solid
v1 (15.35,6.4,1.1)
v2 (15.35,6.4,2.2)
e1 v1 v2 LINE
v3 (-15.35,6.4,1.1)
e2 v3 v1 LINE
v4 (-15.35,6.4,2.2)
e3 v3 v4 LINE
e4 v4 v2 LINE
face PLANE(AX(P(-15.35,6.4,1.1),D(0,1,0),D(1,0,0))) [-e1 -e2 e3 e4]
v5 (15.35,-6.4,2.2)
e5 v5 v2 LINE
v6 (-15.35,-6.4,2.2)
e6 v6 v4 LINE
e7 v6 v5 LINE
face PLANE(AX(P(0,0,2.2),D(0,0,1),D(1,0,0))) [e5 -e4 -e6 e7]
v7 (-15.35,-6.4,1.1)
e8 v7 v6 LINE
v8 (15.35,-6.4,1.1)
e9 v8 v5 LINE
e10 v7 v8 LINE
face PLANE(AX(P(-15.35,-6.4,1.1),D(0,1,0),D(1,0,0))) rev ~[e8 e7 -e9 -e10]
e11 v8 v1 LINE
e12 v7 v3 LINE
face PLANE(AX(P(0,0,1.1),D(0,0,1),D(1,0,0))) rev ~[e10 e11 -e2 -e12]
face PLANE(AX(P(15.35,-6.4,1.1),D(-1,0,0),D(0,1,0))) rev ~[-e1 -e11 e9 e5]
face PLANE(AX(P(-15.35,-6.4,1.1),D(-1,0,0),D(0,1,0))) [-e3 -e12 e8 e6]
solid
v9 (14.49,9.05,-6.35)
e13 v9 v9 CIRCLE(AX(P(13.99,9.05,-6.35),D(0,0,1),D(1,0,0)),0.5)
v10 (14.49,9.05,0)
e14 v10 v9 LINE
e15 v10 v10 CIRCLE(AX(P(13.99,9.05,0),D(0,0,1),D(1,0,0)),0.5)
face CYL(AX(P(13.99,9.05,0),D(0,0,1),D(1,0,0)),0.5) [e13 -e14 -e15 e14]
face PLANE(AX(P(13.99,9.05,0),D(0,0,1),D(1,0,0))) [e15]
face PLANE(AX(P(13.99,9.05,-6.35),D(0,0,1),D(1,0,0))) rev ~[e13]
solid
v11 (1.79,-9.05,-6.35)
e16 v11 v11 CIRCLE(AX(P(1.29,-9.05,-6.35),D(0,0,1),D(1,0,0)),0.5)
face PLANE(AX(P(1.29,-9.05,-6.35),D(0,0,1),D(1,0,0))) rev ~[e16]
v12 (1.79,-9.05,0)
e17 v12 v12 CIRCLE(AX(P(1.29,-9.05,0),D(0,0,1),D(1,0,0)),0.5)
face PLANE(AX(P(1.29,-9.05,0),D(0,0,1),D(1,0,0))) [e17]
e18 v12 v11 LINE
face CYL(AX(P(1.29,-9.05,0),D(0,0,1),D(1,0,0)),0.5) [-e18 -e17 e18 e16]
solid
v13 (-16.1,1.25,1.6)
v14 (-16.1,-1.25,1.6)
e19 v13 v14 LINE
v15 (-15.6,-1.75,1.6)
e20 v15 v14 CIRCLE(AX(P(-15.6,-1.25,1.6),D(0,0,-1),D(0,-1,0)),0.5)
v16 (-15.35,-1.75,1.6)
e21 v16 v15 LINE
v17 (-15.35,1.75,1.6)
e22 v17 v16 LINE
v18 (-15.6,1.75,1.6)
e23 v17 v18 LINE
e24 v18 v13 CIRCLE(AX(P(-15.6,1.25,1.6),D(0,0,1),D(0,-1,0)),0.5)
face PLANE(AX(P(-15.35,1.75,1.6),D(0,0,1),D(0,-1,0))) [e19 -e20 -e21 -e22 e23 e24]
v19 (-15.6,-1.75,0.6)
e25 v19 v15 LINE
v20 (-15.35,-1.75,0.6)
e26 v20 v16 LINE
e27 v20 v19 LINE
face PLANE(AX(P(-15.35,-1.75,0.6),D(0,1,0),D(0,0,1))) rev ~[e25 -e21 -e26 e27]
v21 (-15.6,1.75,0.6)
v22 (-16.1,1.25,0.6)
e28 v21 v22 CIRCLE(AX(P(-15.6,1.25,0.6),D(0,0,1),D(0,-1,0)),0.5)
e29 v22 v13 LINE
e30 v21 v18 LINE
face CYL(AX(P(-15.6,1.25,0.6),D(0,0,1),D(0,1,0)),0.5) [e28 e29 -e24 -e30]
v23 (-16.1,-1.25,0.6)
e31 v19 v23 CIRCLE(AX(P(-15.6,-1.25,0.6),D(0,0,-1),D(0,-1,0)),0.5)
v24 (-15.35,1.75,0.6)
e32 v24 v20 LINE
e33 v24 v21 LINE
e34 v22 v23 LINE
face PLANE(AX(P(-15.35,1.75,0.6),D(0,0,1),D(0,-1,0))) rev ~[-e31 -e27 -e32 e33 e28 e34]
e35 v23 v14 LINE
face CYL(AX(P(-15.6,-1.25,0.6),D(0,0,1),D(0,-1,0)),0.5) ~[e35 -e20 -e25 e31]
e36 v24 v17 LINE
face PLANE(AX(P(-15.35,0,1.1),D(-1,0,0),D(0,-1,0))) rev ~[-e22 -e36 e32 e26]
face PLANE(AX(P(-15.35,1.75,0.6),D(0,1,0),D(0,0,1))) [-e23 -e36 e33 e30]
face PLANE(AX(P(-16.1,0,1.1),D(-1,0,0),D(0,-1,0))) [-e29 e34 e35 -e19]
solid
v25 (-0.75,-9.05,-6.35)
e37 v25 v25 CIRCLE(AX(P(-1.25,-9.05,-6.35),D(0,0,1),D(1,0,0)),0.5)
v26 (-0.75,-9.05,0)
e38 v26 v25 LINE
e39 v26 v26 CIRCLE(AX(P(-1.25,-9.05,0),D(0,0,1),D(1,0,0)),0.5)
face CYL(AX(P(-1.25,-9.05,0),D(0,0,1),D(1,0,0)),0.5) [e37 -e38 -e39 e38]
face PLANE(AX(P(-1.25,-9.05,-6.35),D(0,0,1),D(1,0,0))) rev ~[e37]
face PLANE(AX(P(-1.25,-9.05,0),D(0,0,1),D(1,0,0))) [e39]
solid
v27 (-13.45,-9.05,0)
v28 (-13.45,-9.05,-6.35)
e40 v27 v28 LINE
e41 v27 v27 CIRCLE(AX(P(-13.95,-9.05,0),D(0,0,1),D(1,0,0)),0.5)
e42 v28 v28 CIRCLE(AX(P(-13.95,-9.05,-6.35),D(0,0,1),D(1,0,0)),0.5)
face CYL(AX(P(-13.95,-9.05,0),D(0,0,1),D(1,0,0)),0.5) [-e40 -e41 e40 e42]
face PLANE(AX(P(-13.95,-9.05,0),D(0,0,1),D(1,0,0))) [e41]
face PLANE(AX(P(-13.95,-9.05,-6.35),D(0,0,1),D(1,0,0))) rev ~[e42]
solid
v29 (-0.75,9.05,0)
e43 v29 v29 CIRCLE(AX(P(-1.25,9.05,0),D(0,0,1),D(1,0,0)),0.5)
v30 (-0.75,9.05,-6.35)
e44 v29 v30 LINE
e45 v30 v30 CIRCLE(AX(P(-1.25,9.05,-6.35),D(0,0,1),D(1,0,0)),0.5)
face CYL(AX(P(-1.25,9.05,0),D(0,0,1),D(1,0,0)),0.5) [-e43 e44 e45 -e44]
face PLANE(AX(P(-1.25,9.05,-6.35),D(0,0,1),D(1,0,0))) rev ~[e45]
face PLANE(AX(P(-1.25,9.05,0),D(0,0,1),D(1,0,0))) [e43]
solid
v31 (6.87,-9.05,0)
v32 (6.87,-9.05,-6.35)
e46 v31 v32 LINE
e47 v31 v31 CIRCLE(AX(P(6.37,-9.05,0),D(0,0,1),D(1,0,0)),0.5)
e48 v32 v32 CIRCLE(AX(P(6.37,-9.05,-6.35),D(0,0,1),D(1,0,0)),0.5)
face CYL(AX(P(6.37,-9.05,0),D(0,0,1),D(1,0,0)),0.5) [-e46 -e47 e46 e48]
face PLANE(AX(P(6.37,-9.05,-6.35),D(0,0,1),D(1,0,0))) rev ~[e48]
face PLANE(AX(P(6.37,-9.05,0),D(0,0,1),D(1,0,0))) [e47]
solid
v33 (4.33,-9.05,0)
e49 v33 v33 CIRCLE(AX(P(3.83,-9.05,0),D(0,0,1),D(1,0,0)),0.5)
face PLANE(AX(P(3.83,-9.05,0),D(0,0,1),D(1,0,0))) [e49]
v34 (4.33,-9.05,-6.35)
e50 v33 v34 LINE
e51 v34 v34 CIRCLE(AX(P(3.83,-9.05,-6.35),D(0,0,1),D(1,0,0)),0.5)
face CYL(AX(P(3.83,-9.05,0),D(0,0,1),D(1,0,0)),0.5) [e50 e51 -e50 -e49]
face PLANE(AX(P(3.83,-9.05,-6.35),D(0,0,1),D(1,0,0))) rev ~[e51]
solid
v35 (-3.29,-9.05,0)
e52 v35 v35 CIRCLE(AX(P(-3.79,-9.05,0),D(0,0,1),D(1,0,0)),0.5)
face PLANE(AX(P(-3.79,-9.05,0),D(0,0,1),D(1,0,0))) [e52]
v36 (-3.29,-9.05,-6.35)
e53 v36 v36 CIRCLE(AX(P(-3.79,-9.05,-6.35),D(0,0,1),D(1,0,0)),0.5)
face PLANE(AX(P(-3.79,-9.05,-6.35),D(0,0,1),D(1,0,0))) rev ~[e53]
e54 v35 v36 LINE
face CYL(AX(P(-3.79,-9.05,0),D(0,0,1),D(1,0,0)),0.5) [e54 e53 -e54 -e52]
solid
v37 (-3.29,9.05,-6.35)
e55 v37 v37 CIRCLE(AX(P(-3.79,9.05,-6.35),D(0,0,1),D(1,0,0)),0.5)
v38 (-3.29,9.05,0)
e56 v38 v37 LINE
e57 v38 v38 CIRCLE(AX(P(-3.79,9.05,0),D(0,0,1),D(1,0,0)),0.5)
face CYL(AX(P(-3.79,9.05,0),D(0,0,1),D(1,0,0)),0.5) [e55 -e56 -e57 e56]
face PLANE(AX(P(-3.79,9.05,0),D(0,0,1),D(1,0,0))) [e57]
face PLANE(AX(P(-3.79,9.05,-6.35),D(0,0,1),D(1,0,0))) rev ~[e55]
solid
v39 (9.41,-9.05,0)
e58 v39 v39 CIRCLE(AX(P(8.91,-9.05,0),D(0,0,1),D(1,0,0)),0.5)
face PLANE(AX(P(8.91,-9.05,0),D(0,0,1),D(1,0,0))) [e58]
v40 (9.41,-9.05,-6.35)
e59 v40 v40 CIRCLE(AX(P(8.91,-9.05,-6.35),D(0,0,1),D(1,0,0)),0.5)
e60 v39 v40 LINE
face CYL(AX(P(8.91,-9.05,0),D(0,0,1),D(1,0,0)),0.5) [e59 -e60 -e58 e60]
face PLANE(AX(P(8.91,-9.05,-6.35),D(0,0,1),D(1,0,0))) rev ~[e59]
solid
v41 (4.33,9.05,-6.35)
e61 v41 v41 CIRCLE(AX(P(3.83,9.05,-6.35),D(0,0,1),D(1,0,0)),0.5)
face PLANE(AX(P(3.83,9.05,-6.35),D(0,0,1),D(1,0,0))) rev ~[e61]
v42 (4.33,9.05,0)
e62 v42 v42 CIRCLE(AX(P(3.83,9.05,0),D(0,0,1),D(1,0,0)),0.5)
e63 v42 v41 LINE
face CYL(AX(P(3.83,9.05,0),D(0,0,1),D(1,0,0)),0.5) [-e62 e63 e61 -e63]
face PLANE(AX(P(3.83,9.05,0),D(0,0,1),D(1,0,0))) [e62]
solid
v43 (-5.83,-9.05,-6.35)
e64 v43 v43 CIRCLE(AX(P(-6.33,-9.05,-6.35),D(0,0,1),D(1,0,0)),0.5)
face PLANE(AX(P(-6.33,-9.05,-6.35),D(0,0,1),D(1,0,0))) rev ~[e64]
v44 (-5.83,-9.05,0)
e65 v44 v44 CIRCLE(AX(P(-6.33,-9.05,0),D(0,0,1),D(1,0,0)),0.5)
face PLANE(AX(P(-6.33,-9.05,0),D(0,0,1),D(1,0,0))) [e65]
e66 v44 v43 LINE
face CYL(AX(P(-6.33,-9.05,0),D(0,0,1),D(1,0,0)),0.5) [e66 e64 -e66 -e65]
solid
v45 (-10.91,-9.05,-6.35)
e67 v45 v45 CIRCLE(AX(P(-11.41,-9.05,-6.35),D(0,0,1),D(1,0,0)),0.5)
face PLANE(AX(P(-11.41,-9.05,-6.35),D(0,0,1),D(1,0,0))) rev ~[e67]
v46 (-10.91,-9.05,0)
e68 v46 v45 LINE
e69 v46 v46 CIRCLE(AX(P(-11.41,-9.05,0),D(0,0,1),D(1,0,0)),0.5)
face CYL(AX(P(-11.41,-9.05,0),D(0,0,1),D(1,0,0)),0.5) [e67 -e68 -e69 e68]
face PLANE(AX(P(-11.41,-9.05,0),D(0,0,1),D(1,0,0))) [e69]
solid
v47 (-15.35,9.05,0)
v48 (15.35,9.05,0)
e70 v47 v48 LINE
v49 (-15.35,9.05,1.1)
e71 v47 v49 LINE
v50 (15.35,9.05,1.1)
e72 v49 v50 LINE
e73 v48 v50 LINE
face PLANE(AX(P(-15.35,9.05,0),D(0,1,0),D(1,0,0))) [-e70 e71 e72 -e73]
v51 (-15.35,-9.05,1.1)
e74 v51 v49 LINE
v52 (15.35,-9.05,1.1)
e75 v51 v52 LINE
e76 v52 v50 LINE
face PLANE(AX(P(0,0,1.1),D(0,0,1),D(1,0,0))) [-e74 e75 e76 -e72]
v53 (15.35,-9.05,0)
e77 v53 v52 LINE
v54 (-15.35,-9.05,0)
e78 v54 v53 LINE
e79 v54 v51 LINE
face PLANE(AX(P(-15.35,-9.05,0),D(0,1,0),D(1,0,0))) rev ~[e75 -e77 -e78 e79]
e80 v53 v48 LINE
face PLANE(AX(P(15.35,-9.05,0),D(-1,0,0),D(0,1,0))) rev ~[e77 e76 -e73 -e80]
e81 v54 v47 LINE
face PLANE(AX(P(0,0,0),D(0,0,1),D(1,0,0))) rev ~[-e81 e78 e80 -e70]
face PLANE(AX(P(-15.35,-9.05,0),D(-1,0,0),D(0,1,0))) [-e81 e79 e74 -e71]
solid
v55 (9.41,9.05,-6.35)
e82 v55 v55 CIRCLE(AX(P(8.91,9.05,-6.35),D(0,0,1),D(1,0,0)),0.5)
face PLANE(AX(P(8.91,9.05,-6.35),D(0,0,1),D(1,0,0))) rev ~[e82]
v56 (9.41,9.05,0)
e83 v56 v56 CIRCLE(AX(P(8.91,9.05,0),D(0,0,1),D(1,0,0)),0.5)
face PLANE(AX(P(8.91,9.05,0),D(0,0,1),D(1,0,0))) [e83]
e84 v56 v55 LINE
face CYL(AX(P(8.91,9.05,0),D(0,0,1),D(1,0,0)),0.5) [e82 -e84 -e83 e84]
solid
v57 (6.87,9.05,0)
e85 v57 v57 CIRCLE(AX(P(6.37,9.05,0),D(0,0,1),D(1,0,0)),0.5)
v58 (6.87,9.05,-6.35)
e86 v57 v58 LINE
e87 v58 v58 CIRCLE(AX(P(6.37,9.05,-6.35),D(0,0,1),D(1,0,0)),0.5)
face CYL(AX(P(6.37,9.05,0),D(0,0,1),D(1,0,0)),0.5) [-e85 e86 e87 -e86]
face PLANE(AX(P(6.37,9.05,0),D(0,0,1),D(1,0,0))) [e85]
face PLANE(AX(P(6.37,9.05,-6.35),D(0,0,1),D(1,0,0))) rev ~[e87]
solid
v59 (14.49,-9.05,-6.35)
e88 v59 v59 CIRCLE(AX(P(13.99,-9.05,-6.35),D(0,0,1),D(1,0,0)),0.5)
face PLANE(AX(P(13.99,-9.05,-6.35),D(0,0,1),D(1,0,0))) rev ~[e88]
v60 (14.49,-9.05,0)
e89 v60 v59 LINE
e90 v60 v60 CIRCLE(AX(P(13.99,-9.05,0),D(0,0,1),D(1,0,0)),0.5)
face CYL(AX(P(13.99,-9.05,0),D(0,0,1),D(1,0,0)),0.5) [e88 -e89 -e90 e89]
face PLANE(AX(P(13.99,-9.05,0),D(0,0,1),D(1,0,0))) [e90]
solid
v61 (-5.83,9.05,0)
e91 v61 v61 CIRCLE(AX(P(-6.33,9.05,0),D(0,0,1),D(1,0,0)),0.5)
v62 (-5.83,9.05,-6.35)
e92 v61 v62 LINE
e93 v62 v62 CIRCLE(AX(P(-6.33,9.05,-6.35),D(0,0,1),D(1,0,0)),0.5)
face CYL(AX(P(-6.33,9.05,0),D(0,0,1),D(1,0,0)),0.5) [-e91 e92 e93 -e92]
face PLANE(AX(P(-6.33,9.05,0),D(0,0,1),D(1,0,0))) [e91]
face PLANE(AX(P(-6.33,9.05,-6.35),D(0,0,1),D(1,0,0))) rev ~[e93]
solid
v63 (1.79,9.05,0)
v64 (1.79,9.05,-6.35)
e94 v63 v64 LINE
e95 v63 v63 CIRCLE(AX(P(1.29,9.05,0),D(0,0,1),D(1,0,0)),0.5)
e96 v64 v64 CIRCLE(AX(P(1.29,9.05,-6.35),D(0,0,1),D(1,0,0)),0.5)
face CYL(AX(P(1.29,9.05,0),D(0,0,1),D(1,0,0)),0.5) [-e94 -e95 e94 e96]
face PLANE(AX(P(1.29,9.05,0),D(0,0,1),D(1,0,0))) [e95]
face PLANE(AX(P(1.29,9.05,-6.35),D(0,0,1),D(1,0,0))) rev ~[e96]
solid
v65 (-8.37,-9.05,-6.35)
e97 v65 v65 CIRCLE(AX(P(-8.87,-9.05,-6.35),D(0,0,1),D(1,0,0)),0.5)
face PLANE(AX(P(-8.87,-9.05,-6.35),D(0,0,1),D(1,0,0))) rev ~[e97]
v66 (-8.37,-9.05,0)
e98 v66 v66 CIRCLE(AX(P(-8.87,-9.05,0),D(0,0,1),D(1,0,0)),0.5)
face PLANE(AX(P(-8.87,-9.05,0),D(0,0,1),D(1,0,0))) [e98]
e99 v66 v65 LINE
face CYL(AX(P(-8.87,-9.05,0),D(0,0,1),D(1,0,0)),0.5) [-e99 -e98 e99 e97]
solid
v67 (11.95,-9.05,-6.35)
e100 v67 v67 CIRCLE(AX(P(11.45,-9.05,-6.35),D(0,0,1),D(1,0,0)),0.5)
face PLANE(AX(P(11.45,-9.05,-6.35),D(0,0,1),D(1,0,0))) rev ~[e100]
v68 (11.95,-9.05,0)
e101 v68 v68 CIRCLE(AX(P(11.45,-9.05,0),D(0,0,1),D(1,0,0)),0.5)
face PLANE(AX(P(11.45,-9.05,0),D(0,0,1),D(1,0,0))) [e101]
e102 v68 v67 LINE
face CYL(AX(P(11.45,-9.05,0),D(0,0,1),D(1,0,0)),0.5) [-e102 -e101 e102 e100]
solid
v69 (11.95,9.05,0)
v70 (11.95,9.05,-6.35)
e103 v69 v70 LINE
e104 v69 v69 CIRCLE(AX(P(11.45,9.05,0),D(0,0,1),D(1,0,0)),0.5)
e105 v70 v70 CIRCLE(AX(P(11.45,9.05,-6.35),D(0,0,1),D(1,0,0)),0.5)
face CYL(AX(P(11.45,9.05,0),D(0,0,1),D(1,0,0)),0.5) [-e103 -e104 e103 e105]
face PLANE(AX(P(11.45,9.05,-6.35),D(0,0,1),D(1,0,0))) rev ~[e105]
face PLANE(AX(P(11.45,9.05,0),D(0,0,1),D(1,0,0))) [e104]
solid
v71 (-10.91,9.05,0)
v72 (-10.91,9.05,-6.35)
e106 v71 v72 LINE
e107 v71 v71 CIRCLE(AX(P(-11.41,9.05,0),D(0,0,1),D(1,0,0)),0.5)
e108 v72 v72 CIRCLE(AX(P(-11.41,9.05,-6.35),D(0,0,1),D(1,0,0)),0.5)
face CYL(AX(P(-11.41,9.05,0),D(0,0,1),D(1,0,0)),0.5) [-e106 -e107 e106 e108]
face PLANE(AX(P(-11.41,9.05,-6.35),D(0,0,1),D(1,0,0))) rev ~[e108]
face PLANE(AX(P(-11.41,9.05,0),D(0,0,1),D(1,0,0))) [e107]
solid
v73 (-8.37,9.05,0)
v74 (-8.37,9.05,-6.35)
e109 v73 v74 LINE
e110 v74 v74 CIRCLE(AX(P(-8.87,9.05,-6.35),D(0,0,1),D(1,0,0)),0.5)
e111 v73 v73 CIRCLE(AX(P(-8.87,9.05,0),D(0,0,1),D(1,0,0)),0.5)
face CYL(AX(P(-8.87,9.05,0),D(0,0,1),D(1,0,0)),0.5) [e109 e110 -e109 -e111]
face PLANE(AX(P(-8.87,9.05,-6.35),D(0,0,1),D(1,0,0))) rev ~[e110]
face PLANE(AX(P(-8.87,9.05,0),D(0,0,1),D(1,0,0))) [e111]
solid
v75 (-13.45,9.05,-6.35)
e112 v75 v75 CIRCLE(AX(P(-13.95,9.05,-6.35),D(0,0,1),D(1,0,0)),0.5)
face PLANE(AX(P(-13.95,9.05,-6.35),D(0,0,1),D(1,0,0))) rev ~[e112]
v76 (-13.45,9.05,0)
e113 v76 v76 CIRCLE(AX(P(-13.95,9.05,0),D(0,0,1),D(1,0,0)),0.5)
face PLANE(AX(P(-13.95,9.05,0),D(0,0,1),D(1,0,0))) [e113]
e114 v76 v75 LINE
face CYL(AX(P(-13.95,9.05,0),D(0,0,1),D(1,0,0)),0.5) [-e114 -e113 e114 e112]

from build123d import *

# Parameters (mm, degrees)
SKETCH_W         = 30.7
SKETCH_H         = 18.1
EXTRUDE_DEPTH    = 1.1
SKETCH001_W      = 30.7
SKETCH001_H      = 12.8
EXTRUDE002_DEPTH = 1.1
SKETCH002_W      = 3.5
SKETCH002_H      = 1
EXTRUDE004_DEPTH = 0.75
FILLET_R         = 0.5
SKETCH003_R      = 0.5
EXTRUDE005_DEPTH = 6.35


with BuildPart() as extrude_body:
    # Sketch → Extrude (new body)
    with BuildSketch(Plane.XY):
        Rectangle(SKETCH_W, SKETCH_H)
    extrude(amount=EXTRUDE_DEPTH)


with BuildPart() as extrude002:
    # Sketch001 (on Face6 of Extrude) → Extrude002 (new body)
    with BuildSketch(Plane.XY.offset(1.1)):
        Rectangle(SKETCH001_W, SKETCH001_H)
    extrude(amount=EXTRUDE002_DEPTH)


with BuildPart() as fillet_body:
    # Sketch002 (on Face4 of Extrude) → Extrude004 (new body)
    with BuildSketch(Plane(origin=(-15.35, 0, 0), x_dir=(0, -1, 0), z_dir=(-1, 0, 0))):
        with Locations((0, 1.1)):
            Rectangle(SKETCH002_W, SKETCH002_H)
    extrude(amount=EXTRUDE004_DEPTH)

    # Fillet
    fillet_edges = [fillet_body.edges().sort_by_distance(p)[0] for p in [
        (-16.1, -1.75, 1.1),
        (-16.1, 1.75, 1.1),
    ]]
    fillet(fillet_edges, radius=FILLET_R)


with BuildPart() as extrude005:
    # Sketch003 → Extrude005 (new body)
    with BuildSketch(Plane.XY):
        with Locations((-13.95, 9.05)):
            Circle(SKETCH003_R)
        with Locations((-11.41, 9.05)):
            Circle(SKETCH003_R)
        with Locations((-8.87, 9.05)):
            Circle(SKETCH003_R)
        with Locations((-6.33, 9.05)):
            Circle(SKETCH003_R)
        with Locations((-3.79, 9.05)):
            Circle(SKETCH003_R)
        with Locations((-1.25, 9.05)):
            Circle(SKETCH003_R)
        with Locations((1.29, 9.05)):
            Circle(SKETCH003_R)
        with Locations((3.83, 9.05)):
            Circle(SKETCH003_R)
        with Locations((6.37, 9.05)):
            Circle(SKETCH003_R)
        with Locations((8.91, 9.05)):
            Circle(SKETCH003_R)
        with Locations((11.45, 9.05)):
            Circle(SKETCH003_R)
        with Locations((13.99, 9.05)):
            Circle(SKETCH003_R)
        with Locations((-13.95, -9.05)):
            Circle(SKETCH003_R)
        with Locations((-11.41, -9.05)):
            Circle(SKETCH003_R)
        with Locations((-8.87, -9.05)):
            Circle(SKETCH003_R)
        with Locations((-6.33, -9.05)):
            Circle(SKETCH003_R)
        with Locations((-3.79, -9.05)):
            Circle(SKETCH003_R)
        with Locations((-1.25, -9.05)):
            Circle(SKETCH003_R)
        with Locations((1.29, -9.05)):
            Circle(SKETCH003_R)
        with Locations((3.83, -9.05)):
            Circle(SKETCH003_R)
        with Locations((6.37, -9.05)):
            Circle(SKETCH003_R)
        with Locations((8.91, -9.05)):
            Circle(SKETCH003_R)
        with Locations((11.45, -9.05)):
            Circle(SKETCH003_R)
        with Locations((13.99, -9.05)):
            Circle(SKETCH003_R)
    extrude(amount=-EXTRUDE005_DEPTH)


solid = Compound([extrude_body.part, extrude002.part, fillet_body.part, extrude005.part])
